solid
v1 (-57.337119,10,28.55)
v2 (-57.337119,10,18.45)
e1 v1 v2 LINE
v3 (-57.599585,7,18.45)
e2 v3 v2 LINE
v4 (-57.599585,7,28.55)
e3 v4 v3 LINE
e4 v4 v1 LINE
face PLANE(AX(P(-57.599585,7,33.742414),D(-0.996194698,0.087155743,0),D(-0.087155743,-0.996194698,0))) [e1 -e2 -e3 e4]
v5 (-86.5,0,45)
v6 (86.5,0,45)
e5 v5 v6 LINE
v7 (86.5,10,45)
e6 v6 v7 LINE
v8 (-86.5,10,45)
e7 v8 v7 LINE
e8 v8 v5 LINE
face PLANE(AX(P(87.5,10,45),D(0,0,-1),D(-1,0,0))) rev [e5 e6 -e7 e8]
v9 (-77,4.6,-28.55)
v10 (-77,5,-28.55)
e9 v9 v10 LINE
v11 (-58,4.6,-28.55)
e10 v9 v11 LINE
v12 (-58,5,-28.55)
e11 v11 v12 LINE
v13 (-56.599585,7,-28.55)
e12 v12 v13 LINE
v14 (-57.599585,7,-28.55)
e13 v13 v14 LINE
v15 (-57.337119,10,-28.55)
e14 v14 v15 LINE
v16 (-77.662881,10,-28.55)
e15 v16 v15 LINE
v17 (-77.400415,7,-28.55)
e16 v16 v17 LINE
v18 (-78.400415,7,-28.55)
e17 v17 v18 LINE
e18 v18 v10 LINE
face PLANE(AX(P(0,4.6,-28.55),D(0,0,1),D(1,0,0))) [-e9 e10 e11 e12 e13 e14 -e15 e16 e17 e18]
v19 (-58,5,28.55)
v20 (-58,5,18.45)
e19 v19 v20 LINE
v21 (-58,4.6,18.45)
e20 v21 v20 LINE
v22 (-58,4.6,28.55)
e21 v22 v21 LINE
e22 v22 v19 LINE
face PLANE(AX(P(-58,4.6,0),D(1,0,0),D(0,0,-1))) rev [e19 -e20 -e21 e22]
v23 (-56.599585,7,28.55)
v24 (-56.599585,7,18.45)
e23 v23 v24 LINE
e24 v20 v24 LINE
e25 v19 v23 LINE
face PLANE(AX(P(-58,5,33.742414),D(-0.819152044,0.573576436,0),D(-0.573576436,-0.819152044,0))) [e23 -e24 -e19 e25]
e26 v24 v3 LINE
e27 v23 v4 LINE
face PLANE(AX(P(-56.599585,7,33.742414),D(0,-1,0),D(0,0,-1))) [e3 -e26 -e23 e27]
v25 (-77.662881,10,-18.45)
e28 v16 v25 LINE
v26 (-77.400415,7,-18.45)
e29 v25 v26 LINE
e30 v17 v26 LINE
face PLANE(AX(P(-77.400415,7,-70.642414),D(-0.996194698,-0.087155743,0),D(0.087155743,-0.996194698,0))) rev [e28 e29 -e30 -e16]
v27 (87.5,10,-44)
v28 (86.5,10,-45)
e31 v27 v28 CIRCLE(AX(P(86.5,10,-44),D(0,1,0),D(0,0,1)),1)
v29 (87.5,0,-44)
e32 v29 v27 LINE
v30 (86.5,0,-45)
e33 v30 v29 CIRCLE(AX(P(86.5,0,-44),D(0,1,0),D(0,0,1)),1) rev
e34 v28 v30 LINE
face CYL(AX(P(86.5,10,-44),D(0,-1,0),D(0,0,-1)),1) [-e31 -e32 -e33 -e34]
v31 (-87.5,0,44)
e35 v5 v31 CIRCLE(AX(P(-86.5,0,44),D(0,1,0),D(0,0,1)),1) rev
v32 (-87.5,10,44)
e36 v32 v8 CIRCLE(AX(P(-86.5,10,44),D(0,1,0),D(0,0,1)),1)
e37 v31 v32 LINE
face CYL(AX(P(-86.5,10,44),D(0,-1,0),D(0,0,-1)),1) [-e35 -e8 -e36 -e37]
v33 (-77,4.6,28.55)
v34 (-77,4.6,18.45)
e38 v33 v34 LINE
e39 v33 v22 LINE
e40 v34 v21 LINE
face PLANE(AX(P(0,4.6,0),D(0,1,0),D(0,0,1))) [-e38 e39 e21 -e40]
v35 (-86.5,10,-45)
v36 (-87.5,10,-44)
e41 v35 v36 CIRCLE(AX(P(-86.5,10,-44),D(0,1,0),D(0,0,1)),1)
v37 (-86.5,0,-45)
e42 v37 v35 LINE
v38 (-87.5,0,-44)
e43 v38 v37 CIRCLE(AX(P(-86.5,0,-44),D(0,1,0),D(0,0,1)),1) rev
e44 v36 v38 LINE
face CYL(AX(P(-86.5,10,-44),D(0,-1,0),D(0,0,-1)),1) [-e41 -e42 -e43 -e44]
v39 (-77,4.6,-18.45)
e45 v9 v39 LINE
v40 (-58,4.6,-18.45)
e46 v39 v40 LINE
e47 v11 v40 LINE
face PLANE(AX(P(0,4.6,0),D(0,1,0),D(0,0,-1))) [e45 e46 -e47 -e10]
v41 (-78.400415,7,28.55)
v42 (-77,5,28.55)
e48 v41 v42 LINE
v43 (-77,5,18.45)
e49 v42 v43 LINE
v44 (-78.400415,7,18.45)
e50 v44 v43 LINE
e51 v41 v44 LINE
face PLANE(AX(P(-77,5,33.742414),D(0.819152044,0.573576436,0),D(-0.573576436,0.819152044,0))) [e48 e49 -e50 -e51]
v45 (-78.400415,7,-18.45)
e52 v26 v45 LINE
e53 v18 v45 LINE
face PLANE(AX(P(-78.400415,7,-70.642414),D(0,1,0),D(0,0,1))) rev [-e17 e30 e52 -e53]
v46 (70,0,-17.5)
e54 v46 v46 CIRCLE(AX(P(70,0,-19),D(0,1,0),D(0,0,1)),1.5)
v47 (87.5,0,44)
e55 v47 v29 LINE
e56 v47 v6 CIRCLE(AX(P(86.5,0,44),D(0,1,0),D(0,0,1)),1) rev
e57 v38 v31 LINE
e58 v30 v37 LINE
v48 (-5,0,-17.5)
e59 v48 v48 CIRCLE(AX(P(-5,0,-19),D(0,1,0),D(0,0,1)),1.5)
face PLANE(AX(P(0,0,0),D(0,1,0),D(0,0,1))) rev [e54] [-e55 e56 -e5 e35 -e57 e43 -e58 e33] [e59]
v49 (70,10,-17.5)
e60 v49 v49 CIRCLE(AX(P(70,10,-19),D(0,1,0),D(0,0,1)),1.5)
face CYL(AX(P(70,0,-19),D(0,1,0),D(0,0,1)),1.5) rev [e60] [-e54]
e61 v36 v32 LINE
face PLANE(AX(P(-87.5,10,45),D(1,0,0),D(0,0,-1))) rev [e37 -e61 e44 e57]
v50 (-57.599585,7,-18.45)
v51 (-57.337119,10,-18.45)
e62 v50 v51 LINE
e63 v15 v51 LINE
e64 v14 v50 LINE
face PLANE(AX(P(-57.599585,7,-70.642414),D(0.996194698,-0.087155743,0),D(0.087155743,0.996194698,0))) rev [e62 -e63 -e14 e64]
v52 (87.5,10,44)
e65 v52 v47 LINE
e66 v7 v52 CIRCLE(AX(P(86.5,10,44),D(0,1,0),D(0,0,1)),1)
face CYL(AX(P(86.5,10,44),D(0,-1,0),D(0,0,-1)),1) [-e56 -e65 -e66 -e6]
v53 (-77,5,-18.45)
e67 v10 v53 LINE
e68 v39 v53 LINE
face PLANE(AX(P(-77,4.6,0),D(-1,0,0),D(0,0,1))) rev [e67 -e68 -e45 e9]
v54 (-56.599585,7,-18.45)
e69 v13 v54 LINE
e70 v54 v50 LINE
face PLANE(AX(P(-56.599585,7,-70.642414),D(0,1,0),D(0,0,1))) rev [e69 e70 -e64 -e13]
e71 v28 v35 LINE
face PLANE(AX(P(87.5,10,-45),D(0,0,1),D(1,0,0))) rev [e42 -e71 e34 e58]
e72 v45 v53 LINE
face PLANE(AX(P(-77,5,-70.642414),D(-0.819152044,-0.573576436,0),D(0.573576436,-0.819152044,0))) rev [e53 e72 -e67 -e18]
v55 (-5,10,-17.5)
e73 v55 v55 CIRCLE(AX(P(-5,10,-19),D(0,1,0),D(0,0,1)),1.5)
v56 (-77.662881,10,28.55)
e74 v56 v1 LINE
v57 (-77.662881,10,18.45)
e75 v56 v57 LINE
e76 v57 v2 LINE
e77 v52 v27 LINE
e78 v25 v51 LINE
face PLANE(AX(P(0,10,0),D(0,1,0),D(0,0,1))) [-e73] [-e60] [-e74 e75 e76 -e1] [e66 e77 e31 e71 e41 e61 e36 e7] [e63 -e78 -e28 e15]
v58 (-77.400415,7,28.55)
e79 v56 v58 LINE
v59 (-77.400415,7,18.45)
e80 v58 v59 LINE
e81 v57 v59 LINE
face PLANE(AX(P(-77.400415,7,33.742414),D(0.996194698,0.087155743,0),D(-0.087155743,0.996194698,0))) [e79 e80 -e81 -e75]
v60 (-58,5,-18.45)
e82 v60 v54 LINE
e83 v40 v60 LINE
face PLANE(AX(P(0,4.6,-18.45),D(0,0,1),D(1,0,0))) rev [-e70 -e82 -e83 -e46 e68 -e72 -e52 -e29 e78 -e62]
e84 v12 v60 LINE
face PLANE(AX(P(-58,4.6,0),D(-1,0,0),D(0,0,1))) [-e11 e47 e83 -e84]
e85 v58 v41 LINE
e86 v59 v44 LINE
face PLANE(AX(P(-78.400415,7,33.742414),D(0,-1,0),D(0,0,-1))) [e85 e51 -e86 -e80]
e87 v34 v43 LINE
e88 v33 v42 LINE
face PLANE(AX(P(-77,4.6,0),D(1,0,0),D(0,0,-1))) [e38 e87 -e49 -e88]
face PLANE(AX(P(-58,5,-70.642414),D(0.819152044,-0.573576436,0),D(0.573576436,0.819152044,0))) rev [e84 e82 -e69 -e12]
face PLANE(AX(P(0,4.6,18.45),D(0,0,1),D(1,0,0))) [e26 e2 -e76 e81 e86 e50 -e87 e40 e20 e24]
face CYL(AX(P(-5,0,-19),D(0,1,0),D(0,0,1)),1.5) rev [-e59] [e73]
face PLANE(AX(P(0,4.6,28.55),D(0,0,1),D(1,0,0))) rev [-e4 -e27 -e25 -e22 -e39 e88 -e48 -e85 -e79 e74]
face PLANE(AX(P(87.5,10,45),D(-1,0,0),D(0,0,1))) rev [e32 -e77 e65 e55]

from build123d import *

# Parameters (mm, degrees)
SKETCH1_W           = 175
SKETCH1_H           = 90
BOSS_EXTRUDE1_DEPTH = 10
SKETCH2_W           = 19
SKETCH2_H           = 10.1
CUT_EXTRUDE1_DEPTH  = 5.4
CUT_EXTRUDE2_DEPTH  = 10.1
FILLET1_R           = 1
SKETCH2_8_R         = 1.5
CUT_EXTRUDE3_DEPTH  = 11


with BuildPart() as part:
    # Sketch1 → Boss-Extrude1 (new body)
    with BuildSketch(Plane(origin=(0, 0, 0), x_dir=(1, 0, 0), z_dir=(0, 1, 0))):
        Rectangle(SKETCH1_W, SKETCH1_H)
    extrude(amount=BOSS_EXTRUDE1_DEPTH)

    # Sketch2 → Cut-Extrude1 (cut)
    with BuildSketch(Plane(origin=(0, 10, 0), x_dir=(1, 0, 0), z_dir=(0, 1, 0))):
        with Locations((-67.5, -23.5)):
            Rectangle(SKETCH2_W, SKETCH2_H)
    cut_extrude1 = extrude(amount=-CUT_EXTRUDE1_DEPTH, mode=Mode.SUBTRACT)

    # Sketch7 → Cut-Extrude2 (cut)
    with BuildSketch(Plane.XY.offset(18.45)):
        Polygon((-77, 5), (-77, 10), (-77.662881067, 10), (-77.400415076, 7), (-78.400415076, 7), align=None)
        Polygon((-58, 5), (-58, 10), (-57.337118933, 10), (-57.599584924, 7), (-56.599584924, 7), align=None)
    cut_extrude2 = extrude(amount=CUT_EXTRUDE2_DEPTH, mode=Mode.SUBTRACT)

    # Mirror1: Cut-Extrude1, Cut-Extrude2 across plane
    add(cut_extrude1.mirror(Plane.XY), mode=Mode.SUBTRACT)
    add(cut_extrude2.mirror(Plane.XY), mode=Mode.SUBTRACT)

    # Fillet1
    fillet1_edges = [part.edges().sort_by_distance(p)[0] for p in [
        (-87.5, 5, -45),
        (87.5, 5, -45),
        (87.5, 5, 45),
        (-87.5, 5, 45),
    ]]
    fillet(fillet1_edges, radius=FILLET1_R)

    # Sketch2<8> → Cut-Extrude3 (cut, through all)
    with BuildSketch(Plane(origin=(0, 10, 0), x_dir=(1, 0, 0), z_dir=(0, 1, 0))):
        with Locations((-5, 19)):
            Circle(SKETCH2_8_R)
        with Locations((70, 19)):
            Circle(SKETCH2_8_R)
    extrude(amount=-CUT_EXTRUDE3_DEPTH, mode=Mode.SUBTRACT)


solid = part.part
